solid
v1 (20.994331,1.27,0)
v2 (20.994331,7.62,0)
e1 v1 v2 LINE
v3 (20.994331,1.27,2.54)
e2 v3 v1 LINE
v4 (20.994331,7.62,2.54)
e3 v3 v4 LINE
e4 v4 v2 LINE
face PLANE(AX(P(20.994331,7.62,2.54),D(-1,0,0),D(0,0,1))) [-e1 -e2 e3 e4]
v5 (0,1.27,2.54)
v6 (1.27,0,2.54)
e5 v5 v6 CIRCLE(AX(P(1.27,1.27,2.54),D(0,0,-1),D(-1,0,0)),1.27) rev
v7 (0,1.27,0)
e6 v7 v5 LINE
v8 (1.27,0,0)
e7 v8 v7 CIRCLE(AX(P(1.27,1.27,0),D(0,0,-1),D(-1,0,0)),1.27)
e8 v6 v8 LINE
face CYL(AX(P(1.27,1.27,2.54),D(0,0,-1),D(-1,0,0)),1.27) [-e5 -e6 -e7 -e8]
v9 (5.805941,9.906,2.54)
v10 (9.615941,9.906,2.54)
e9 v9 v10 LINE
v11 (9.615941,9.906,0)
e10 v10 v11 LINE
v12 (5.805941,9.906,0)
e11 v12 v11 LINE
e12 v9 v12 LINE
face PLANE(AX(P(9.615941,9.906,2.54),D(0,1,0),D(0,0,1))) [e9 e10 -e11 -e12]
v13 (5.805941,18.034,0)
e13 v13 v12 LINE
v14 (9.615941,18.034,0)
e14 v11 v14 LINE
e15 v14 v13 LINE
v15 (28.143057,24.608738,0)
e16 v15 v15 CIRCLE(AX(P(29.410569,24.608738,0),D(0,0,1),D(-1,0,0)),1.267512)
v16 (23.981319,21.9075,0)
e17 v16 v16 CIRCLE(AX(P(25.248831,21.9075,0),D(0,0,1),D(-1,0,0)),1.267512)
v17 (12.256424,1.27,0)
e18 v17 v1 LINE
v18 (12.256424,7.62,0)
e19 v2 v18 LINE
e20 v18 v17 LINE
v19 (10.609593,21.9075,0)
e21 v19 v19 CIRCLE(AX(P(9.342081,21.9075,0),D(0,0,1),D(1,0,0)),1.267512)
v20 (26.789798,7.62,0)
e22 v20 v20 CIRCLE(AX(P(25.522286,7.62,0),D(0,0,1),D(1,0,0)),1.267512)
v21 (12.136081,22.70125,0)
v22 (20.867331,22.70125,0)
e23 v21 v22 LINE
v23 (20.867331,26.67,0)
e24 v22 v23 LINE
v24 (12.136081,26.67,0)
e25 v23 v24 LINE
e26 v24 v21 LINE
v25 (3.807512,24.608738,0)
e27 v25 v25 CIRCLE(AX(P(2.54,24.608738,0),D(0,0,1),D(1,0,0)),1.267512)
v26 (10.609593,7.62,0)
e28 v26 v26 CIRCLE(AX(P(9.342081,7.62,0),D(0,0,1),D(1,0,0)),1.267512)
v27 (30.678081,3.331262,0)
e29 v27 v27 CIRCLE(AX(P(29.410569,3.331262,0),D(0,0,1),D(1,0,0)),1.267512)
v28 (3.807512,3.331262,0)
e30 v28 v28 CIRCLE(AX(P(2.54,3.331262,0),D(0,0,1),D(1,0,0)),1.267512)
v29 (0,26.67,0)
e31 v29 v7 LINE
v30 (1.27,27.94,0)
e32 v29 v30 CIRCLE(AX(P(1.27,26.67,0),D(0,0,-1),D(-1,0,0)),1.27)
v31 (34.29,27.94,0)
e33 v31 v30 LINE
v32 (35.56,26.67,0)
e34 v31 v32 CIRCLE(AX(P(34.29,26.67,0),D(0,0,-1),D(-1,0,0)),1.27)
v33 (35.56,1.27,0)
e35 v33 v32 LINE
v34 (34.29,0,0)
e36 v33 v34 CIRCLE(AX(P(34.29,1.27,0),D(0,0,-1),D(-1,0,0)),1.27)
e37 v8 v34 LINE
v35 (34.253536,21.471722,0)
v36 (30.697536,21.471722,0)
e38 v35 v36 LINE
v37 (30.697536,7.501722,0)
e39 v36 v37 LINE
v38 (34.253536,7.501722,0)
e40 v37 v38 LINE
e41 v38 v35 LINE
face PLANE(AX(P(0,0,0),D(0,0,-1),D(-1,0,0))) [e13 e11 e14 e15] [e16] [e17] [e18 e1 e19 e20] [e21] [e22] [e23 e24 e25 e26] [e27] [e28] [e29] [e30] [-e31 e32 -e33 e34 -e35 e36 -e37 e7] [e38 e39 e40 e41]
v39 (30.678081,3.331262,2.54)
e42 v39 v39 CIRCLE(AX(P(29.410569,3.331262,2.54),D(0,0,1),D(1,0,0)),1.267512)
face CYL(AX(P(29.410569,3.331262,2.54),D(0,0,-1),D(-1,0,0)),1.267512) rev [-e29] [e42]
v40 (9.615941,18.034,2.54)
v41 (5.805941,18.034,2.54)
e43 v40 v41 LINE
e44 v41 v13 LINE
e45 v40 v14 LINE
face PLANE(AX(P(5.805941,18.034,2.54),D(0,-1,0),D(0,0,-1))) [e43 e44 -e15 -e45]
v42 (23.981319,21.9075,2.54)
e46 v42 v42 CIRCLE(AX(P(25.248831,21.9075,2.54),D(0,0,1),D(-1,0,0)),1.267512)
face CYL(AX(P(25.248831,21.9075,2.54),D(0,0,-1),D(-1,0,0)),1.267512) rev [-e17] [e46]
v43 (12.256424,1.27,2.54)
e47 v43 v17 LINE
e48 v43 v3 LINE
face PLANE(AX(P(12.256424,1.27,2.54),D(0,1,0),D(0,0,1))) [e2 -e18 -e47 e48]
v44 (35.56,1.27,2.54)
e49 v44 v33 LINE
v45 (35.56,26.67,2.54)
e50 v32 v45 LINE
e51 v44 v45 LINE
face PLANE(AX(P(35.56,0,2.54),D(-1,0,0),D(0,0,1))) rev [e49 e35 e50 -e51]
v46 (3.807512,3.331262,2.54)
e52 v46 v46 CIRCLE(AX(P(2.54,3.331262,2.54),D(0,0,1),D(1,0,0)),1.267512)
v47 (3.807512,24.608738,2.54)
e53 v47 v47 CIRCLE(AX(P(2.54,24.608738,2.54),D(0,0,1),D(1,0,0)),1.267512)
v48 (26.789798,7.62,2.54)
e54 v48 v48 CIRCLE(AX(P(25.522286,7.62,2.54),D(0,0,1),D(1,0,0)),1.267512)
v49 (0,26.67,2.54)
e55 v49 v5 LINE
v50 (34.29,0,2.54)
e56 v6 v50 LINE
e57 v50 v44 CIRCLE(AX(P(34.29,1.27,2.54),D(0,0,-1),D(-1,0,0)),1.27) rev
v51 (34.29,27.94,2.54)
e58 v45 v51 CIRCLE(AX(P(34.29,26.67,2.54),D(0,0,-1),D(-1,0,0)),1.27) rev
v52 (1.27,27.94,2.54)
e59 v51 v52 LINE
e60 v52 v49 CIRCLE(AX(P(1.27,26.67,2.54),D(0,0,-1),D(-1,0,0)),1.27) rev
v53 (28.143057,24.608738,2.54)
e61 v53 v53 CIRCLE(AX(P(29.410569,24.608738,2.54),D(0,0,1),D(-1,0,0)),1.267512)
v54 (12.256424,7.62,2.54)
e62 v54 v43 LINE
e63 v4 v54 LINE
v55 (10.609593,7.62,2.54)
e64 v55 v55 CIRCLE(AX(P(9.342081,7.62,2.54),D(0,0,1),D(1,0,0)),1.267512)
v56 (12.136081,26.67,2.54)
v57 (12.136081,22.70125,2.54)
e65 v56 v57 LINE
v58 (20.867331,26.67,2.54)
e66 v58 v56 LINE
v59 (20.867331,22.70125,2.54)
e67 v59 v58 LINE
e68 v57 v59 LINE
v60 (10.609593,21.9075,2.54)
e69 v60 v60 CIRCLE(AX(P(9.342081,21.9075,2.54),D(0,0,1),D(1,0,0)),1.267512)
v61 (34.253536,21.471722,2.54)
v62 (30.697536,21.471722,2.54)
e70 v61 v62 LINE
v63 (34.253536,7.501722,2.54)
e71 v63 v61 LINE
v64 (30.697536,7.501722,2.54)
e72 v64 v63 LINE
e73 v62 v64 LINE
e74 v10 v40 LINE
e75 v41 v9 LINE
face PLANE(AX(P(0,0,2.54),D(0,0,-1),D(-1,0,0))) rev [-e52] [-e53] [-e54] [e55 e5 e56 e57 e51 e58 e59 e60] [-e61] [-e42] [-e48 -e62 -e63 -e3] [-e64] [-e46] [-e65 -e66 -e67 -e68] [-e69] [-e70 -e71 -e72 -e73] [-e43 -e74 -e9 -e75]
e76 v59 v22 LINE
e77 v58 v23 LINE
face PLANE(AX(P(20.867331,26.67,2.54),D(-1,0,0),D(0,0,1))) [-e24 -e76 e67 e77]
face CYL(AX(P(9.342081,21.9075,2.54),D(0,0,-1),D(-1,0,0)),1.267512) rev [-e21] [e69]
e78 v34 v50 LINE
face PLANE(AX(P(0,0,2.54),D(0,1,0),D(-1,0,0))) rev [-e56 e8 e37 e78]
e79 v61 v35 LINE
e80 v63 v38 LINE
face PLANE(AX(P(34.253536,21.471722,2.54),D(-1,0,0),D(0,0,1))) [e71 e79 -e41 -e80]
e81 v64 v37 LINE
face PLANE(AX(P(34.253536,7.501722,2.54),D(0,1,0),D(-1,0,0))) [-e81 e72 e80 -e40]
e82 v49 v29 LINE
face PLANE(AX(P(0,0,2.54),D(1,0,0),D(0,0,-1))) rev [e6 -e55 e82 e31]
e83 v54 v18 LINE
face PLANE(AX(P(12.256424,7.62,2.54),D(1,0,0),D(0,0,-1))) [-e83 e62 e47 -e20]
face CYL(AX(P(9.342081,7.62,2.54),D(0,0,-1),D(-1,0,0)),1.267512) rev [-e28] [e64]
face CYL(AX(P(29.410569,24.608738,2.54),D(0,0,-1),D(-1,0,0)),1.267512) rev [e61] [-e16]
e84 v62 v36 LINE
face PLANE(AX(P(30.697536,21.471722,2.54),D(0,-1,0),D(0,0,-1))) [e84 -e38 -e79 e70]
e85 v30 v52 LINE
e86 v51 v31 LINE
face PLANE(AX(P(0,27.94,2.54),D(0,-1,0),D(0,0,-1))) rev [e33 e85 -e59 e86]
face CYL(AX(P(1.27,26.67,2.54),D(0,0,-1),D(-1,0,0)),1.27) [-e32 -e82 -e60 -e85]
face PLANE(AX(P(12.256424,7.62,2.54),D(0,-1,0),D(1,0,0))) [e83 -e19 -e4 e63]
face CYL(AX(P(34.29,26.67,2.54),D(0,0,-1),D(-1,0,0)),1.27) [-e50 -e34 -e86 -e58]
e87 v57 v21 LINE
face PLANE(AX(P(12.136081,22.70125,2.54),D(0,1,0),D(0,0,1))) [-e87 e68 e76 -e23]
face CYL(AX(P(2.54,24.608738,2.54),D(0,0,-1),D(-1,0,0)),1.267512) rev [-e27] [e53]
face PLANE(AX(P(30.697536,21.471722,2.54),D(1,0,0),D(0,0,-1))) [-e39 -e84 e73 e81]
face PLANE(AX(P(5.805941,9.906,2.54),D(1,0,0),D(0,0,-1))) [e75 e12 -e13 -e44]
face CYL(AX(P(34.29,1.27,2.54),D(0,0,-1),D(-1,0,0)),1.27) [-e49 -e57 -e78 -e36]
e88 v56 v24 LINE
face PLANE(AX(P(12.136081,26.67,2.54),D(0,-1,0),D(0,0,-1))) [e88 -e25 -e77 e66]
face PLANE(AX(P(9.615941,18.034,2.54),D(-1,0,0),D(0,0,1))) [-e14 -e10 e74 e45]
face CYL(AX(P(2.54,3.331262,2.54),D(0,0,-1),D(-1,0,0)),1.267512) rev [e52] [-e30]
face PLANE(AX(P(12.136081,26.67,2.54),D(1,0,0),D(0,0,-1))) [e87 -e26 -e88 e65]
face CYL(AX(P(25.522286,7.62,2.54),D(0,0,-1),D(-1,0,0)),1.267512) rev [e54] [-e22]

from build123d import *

# Parameters (mm, degrees)
SKETCH1_W           = 35.56
SKETCH1_H           = 27.94
SKETCH1_R           = 1.267511842
SKETCH1_W_2         = 3.556
SKETCH1_H_2         = 13.97
SKETCH1_W_3         = 8.73125
SKETCH1_H_3         = 3.96875
SKETCH1_W_4         = 3.81
SKETCH1_H_4         = 8.128
SKETCH1_W_5         = 8.7379065
SKETCH1_H_5         = 6.35
BOSS_EXTRUDE1_DEPTH = 2.54
FILLET1_R           = 1.27


with BuildPart() as part:
    # Sketch1 → Boss-Extrude1 (new body)
    with BuildSketch(Plane.XY):
        with Locations((17.78, 13.97)):
            Rectangle(SKETCH1_W, SKETCH1_H)
        with Locations((2.54, 24.608738158)):
            Circle(SKETCH1_R, mode=Mode.SUBTRACT)
        with Locations(Location((25.24883074, 21.9075, 0), (0, 0, 180))):
            Circle(SKETCH1_R, mode=Mode.SUBTRACT)
        with Locations((9.34208074, 21.9075)):
            Circle(SKETCH1_R, mode=Mode.SUBTRACT)
        with Locations(Location((29.410568897, 24.608738158, 0), (0, 0, 180))):
            Circle(SKETCH1_R, mode=Mode.SUBTRACT)
        with Locations((25.52228569, 7.62)):
            Circle(SKETCH1_R, mode=Mode.SUBTRACT)
        with Locations((9.34208074, 7.62)):
            Circle(SKETCH1_R, mode=Mode.SUBTRACT)
        with Locations((2.54, 3.331261842)):
            Circle(SKETCH1_R, mode=Mode.SUBTRACT)
        with Locations((29.410568897, 3.331261842)):
            Circle(SKETCH1_R, mode=Mode.SUBTRACT)
        with Locations((32.47553569, 14.486722307)):
            Rectangle(SKETCH1_W_2, SKETCH1_H_2, mode=Mode.SUBTRACT)
        with Locations((16.50170574, 24.685625)):
            Rectangle(SKETCH1_W_3, SKETCH1_H_3, mode=Mode.SUBTRACT)
        with Locations((7.7109414, 13.97)):
            Rectangle(SKETCH1_W_4, SKETCH1_H_4, mode=Mode.SUBTRACT)
        with Locations((16.62537749, 4.445)):
            Rectangle(SKETCH1_W_5, SKETCH1_H_5, mode=Mode.SUBTRACT)
    extrude(amount=BOSS_EXTRUDE1_DEPTH)

    # Fillet1
    fillet1_edges = [part.edges().sort_by_distance(p)[0] for p in [
        (0, 27.94, 1.27),
        (35.56, 27.94, 1.27),
        (35.56, 0, 1.27),
        (0, 0, 1.27),
    ]]
    fillet(fillet1_edges, radius=FILLET1_R)


solid = part.part
